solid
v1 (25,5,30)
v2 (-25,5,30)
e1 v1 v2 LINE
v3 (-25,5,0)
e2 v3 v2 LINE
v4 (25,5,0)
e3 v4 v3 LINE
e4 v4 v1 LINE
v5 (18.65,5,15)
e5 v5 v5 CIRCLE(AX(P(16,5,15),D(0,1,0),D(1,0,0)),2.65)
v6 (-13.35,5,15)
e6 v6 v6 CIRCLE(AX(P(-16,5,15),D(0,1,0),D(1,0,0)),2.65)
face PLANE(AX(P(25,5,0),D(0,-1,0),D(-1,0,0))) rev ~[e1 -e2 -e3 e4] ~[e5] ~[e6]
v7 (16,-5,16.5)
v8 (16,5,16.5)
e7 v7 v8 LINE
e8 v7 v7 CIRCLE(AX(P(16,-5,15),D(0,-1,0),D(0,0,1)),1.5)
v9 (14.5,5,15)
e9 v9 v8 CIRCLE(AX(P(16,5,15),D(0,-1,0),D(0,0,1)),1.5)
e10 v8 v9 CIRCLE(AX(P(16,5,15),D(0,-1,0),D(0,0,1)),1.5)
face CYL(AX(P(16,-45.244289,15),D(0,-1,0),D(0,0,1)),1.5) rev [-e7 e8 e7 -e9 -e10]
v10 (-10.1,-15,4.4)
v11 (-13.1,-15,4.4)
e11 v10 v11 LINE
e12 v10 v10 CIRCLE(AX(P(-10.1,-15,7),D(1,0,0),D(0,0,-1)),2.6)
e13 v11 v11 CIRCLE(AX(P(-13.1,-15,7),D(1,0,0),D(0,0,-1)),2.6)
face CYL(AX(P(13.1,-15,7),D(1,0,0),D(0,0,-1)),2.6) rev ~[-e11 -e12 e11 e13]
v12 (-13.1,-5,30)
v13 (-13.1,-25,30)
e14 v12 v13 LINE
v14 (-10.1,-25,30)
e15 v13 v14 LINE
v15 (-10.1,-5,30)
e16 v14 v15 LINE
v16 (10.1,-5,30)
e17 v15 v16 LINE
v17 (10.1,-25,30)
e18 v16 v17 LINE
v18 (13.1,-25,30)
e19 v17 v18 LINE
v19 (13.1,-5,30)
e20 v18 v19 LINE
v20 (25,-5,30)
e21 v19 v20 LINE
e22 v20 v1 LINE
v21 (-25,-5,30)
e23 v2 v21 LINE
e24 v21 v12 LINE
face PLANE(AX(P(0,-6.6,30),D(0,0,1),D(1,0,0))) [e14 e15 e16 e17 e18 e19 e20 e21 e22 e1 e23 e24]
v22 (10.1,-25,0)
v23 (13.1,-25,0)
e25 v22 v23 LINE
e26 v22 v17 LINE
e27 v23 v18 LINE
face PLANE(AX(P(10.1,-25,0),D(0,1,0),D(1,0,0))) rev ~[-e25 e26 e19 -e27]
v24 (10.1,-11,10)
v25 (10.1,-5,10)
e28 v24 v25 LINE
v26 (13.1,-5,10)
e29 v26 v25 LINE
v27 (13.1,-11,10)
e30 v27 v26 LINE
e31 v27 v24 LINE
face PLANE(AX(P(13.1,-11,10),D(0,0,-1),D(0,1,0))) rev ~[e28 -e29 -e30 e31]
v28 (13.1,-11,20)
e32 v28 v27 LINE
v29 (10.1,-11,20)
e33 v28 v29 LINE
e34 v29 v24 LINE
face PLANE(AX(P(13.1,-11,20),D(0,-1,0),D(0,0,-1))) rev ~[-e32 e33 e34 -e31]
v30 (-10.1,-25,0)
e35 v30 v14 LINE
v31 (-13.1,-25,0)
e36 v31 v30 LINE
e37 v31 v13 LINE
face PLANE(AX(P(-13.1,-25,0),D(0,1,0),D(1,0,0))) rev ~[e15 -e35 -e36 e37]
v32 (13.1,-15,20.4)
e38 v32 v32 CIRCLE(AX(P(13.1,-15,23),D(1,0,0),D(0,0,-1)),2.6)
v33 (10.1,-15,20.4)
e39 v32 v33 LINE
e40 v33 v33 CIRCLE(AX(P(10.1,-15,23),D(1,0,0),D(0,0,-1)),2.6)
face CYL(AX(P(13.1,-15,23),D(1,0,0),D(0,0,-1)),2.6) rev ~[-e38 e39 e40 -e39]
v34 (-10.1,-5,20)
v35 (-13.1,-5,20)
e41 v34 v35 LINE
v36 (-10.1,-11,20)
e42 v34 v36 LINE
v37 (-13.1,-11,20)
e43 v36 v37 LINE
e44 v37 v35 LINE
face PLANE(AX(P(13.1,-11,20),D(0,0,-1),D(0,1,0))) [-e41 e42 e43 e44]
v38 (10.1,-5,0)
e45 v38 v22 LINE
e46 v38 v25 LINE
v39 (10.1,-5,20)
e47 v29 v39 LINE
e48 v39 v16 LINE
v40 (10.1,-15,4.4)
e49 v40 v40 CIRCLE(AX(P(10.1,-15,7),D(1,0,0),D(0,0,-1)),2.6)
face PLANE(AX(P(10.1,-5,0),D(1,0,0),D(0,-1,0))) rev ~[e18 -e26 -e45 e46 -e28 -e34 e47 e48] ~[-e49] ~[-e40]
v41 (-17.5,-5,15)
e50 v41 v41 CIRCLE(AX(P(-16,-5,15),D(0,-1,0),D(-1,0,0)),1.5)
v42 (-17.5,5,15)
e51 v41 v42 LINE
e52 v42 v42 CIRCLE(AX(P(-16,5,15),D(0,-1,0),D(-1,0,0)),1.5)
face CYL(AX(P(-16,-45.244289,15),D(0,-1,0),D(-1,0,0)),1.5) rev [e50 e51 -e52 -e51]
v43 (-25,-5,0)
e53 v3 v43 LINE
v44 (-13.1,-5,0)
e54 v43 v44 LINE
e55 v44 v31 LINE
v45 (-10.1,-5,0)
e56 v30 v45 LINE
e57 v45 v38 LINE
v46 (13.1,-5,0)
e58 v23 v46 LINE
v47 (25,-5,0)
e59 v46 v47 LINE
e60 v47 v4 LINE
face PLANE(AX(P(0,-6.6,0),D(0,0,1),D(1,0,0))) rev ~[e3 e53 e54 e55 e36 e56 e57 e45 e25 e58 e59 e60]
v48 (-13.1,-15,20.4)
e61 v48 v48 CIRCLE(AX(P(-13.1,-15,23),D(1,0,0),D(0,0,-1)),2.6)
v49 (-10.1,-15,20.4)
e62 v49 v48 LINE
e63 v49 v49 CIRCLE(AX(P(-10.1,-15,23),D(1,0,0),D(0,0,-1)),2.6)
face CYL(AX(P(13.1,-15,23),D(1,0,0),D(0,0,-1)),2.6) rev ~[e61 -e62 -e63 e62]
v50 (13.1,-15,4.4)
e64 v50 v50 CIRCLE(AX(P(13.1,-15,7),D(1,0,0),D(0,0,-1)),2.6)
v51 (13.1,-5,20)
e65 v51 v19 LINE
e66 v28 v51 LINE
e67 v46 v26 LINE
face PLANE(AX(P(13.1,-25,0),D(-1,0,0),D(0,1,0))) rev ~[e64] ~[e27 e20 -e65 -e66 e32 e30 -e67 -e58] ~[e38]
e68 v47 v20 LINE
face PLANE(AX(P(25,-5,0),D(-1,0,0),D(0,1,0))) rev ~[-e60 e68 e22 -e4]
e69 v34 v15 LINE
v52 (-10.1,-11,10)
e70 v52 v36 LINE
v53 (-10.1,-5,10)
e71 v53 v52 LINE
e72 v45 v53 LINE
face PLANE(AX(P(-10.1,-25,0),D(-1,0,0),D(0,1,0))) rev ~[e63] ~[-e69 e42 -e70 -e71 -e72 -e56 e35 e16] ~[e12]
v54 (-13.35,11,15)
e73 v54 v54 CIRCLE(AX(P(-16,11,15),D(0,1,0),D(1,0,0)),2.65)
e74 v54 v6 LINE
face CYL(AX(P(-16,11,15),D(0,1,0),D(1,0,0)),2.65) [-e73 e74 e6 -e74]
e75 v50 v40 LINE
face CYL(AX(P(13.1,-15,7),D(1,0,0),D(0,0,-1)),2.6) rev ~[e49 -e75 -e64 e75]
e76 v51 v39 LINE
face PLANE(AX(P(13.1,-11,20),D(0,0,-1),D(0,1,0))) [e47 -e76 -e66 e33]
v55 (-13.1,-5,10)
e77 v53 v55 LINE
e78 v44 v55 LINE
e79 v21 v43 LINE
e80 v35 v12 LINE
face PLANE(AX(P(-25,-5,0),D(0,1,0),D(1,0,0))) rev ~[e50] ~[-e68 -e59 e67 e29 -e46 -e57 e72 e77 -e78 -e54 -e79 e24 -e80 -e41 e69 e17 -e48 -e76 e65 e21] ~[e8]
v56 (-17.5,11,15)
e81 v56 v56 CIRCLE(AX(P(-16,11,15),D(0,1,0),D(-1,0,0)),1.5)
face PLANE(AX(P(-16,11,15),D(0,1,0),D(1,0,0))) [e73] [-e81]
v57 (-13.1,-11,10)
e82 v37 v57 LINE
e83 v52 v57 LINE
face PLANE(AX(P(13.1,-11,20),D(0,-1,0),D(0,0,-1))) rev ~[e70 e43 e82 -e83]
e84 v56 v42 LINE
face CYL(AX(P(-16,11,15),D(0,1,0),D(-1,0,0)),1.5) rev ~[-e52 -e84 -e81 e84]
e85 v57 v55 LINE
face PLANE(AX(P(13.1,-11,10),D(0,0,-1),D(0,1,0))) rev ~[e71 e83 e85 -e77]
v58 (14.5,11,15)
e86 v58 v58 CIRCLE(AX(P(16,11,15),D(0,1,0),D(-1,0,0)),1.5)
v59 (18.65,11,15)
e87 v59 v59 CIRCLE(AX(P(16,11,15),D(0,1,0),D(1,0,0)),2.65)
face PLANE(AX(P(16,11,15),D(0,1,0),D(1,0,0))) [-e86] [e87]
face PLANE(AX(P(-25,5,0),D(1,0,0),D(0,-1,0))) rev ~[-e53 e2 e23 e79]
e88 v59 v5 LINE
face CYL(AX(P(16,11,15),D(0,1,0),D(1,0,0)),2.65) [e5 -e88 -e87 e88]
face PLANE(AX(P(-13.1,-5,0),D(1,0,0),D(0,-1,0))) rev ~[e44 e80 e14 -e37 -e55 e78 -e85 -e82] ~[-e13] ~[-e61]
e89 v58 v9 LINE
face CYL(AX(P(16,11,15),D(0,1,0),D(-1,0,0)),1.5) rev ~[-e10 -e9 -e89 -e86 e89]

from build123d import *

# Parameters (mm, degrees)
EXTRUDE_1_DEPTH          = 30
SKETCH_2_R               = 2.6
CUT_EXTRUDE_1_DEPTH      = 55.558317423
CUT_EXTRUDE_2_DEPTH      = 50.244289009
CUT_EXTRUDE_2_DEPTH_BACK = 50.244289009
SKETCH_3_R               = 1.5
SKETCH_4_W               = 10
SKETCH_4_H               = 6
CUT_EXTRUDE_3_DEPTH      = 55.558317423
EXTRUDE_START            = 6
SKETCH_5_R               = 2.65
SKETCH_5_R_2             = 1.5
EXTRUDE_2_DEPTH          = 6


with BuildPart() as part:
    # 草图1 → 凸台-拉伸1 (new body)
    with BuildSketch(Plane.XY):
        Polygon((-25, -5), (-13.1, -5), (-13.1, -25), (-10.1, -25), (-10.1, -5), (10.1, -5), (10.1, -25), (13.1, -25), (13.1, -5), (25, -5), (25, 5), (-25, 5), align=None)
    extrude(amount=EXTRUDE_1_DEPTH)

    # 草图2 → 切除-拉伸1 (cut, through all)
    with BuildSketch(Plane(origin=(13.1, 0, 0), x_dir=(0, 0, -1), z_dir=(1, 0, 0))):
        with Locations((-23, -15)):
            Circle(SKETCH_2_R)
        with Locations((-7, -15)):
            Circle(SKETCH_2_R)
    extrude(amount=-CUT_EXTRUDE_1_DEPTH, mode=Mode.SUBTRACT)

    # 草图3 → 切除-拉伸2 (cut, two sides: drawn at the far end of the back side and taken through both)
    with BuildSketch(Plane(origin=(0, 5, 0), x_dir=(1, 0, 0), z_dir=(0, 1, 0)).offset(-CUT_EXTRUDE_2_DEPTH_BACK)):
        with Locations(Location((16, -15, 0), (0, 0, 270))):
            Circle(SKETCH_3_R)
        with Locations(Location((-16, -15, 0), (0, 0, 180))):
            Circle(SKETCH_3_R)
    extrude(amount=CUT_EXTRUDE_2_DEPTH + CUT_EXTRUDE_2_DEPTH_BACK, mode=Mode.SUBTRACT)

    # 草图4 → 切除-拉伸3 (cut, through all)
    with BuildSketch(Plane(origin=(13.1, 0, 0), x_dir=(0, 0, -1), z_dir=(1, 0, 0))):
        with Locations((-15, -8)):
            Rectangle(SKETCH_4_W, SKETCH_4_H)
    extrude(amount=-CUT_EXTRUDE_3_DEPTH, mode=Mode.SUBTRACT)

    # 草图5 → 凸台-拉伸2 (add)
    # profile 1 of 2: a face of its own
    with BuildSketch(Plane(origin=(0, 5, 0), x_dir=(1, 0, 0), z_dir=(0, 1, 0)).offset(EXTRUDE_START)):
        with Locations((16, -15)):
            Circle(SKETCH_5_R)
        with Locations(Location((16, -15, 0), (0, 0, 180))):
            Circle(SKETCH_5_R_2, mode=Mode.SUBTRACT)
    # profile 2 of 2: a face of its own
    with BuildSketch(Plane(origin=(0, 5, 0), x_dir=(1, 0, 0), z_dir=(0, 1, 0)).offset(EXTRUDE_START)):
        with Locations((-16, -15)):
            Circle(SKETCH_5_R)
        with Locations(Location((-16, -15, 0), (0, 0, 180))):
            Circle(SKETCH_5_R_2, mode=Mode.SUBTRACT)
    extrude(amount=-EXTRUDE_2_DEPTH)


solid = part.part
